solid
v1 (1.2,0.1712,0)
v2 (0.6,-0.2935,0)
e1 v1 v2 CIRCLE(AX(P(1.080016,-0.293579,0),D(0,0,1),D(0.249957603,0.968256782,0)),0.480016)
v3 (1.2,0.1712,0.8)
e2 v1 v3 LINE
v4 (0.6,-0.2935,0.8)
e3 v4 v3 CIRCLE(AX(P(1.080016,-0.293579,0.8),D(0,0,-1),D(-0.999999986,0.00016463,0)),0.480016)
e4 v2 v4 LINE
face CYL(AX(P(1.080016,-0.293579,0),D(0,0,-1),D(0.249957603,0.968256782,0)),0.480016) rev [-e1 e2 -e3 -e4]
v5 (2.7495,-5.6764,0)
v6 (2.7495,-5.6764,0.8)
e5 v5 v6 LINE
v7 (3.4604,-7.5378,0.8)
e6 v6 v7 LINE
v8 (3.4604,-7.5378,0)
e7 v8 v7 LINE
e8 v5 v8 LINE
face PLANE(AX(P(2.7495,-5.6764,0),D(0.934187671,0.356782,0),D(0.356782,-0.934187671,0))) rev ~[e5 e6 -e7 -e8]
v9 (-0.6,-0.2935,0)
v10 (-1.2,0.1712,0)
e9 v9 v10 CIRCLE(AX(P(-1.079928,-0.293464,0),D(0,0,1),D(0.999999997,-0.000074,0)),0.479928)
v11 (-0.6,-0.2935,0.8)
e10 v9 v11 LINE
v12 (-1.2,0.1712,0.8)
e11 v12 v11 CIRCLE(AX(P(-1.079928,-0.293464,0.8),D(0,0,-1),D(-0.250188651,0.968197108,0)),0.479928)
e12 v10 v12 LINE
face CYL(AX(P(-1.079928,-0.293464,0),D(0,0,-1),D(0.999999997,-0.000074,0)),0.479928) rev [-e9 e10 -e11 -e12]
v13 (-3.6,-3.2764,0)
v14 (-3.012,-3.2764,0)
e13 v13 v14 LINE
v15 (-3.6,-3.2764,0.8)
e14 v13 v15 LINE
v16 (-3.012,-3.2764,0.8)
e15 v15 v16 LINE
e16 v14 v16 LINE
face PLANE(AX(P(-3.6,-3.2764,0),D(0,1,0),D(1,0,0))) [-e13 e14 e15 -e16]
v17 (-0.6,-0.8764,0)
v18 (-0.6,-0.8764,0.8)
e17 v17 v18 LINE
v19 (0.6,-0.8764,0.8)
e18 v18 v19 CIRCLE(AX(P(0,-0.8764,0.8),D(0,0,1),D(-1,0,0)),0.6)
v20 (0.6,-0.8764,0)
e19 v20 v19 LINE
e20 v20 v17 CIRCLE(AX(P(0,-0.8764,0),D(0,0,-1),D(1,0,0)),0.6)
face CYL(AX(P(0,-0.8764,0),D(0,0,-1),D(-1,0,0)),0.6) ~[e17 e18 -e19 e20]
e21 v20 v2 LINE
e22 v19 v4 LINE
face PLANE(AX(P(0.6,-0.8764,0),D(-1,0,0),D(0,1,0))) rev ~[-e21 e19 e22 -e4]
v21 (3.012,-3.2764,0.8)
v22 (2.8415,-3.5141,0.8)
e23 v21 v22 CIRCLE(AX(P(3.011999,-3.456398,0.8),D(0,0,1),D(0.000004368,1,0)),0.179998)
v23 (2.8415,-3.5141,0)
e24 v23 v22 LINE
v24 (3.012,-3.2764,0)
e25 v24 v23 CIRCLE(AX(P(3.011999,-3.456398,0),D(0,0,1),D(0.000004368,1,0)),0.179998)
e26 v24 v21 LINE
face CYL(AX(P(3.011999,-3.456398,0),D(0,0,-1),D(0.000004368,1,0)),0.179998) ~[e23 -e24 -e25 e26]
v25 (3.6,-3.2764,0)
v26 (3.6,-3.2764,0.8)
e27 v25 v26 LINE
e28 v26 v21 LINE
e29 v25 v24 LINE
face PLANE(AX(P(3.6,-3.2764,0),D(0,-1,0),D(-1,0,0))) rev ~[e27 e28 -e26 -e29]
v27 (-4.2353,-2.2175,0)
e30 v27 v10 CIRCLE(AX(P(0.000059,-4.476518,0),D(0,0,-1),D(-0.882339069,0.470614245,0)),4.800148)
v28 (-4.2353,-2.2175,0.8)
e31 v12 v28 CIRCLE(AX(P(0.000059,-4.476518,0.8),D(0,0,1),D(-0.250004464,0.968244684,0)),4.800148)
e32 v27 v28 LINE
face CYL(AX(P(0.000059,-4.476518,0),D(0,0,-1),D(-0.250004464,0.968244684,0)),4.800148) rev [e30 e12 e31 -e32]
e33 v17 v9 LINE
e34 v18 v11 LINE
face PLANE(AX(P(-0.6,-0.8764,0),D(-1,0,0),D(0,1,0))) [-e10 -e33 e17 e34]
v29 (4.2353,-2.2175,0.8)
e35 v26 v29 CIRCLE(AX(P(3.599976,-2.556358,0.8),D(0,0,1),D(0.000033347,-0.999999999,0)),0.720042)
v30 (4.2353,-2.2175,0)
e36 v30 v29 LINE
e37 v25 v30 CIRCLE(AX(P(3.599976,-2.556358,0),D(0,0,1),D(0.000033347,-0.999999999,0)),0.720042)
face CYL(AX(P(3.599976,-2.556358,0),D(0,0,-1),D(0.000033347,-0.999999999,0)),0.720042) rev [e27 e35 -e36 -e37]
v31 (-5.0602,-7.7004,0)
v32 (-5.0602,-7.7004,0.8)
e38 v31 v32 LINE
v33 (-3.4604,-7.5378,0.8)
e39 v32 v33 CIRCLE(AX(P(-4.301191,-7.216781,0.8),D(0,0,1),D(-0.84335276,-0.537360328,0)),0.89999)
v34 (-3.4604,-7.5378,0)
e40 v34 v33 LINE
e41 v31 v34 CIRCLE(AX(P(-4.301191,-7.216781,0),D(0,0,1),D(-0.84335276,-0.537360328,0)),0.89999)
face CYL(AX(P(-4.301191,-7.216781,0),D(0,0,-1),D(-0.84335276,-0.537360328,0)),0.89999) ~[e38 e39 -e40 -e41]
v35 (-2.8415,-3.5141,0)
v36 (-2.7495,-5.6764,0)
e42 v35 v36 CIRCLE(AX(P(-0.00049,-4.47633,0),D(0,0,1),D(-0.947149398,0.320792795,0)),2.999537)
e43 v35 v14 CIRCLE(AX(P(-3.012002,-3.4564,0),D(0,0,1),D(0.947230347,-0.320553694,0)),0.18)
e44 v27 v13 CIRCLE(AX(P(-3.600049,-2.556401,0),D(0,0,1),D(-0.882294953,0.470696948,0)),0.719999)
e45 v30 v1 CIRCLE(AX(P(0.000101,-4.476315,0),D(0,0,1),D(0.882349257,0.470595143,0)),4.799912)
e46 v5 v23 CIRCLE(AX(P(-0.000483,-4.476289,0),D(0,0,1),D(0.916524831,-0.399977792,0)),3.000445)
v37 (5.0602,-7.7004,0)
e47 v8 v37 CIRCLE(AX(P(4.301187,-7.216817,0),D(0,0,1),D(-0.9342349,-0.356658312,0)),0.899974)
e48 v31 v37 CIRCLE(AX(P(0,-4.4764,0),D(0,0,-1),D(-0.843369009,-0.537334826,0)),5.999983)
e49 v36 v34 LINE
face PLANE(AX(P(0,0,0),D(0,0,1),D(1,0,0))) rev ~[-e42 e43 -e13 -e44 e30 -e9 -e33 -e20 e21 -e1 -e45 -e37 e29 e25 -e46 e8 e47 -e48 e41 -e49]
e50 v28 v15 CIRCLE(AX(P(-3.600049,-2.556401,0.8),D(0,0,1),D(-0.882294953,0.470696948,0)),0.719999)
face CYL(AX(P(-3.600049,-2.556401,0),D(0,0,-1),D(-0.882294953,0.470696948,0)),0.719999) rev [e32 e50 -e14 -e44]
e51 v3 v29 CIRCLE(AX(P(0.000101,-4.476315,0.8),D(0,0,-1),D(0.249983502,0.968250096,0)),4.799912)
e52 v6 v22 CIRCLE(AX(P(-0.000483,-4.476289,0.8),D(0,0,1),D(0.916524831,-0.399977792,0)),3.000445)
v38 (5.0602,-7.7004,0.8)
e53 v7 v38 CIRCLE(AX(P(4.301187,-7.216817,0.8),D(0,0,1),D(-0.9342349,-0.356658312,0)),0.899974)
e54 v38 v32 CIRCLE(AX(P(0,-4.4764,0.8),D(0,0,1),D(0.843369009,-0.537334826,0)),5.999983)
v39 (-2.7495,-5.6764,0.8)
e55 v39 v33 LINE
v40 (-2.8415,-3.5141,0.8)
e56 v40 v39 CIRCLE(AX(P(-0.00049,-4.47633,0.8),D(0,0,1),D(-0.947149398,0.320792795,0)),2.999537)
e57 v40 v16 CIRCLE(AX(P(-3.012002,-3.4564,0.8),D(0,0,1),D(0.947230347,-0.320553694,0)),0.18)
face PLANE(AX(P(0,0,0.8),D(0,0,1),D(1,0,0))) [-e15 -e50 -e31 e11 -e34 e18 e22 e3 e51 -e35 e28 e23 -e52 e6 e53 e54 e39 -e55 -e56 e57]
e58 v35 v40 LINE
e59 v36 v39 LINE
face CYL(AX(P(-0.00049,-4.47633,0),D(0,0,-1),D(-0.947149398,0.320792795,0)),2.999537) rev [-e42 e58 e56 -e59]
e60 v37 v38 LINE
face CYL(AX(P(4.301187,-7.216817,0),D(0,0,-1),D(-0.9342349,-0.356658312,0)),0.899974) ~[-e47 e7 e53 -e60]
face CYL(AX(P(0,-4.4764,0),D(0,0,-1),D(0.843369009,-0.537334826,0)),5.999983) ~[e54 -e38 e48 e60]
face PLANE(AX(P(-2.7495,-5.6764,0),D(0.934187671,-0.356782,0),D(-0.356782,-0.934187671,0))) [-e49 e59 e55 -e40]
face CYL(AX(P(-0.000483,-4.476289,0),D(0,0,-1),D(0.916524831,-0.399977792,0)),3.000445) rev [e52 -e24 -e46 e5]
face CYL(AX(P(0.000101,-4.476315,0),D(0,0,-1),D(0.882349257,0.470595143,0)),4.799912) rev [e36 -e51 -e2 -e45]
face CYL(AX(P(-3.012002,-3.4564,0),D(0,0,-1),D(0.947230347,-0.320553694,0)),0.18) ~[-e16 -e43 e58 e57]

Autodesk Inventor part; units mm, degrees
ref_plane "YZ Plane" through (0, 0, 0) normal (1, 0, 0) x (0, 1, 0)
ref_plane "XZ Plane" through (0, 0, 0) normal (0, 1, 0) x (-1, 0, 0)
sketch "Esquisse1" plane through (0, 0, 0) normal (0, 0, 1) x (1, 0, 0)
  circle A0 centre (0, -4.4764) radius 4.5 construction
  line L0 (-0.6, 0.0236) -> (0, 0.0236) construction
  line L1 (-3.206, 0) -> (3.4858, 0) projected
  line L2 (-2.7495, -5.6764) -> (2.7495, -5.6764) construction
  arc A1 (-2.8415, -3.5141) -> (-2.7495, -5.6764) centre (0, -4.4764) ccw
  line L3 (0, 1.949) -> (0, -3.4788) projected
  arc A2 (-0.6, -0.8764) -> (0.6, -0.8764) centre (0, -0.8764) ccw
  arc A3 (5.0602, -7.7004) -> (-5.0602, -7.7004) centre (0, -4.4764) ccw
  line L4 (-3.6, -3.2764) -> (-3.012, -3.2764)
  line L5 (-0.6, -0.8764) -> (-0.6, -0.2935)
  arc A4 (-1.2, 0.1712) -> (-4.2353, -2.2175) centre (0, -4.4764) ccw
  arc A5 (-0.6, -0.2935) -> (-1.2, 0.1712) centre (-1.08, -0.2935) ccw
  arc A6 (-4.2353, -2.2175) -> (-3.6, -3.2764) centre (-3.6, -2.5564) ccw
  arc A7 (-2.8415, -3.5141) -> (-3.012, -3.2764) centre (-3.012, -3.4564) ccw
  line L6 (0, 1.5236) -> (2.5298, 1.5236) construction
  line L7 (-2.7495, -5.6764) -> (-3.4604, -7.5378)
  arc A8 (-5.0602, -7.7004) -> (-3.4604, -7.5378) centre (-4.3012, -7.2168) ccw
  line L8 (0, -1.4764) -> (-1.2778, -1.4764) construction
  line L9 (2.7495, -5.6764) -> (3.4604, -7.5378)
  arc A9 (3.4604, -7.5378) -> (5.0602, -7.7004) centre (4.3012, -7.2168) ccw
  arc A10 (2.7495, -5.6764) -> (2.8415, -3.5141) centre (0, -4.4764) ccw
  line L10 (3.6, -3.2764) -> (3.012, -3.2764)
  line L11 (0.6, -0.8764) -> (0.6, -0.2935)
  arc A11 (4.2353, -2.2175) -> (1.2, 0.1712) centre (0, -4.4764) ccw
  arc A12 (1.2, 0.1712) -> (0.6, -0.2935) centre (1.08, -0.2935) ccw
  arc A13 (3.6, -3.2764) -> (4.2353, -2.2175) centre (3.6, -2.5564) ccw
  arc A14 (3.012, -3.2764) -> (2.8415, -3.5141) centre (3.012, -3.4564) ccw
  point P0 (0.6, 0.0236)
  dimension "d0" = 9
  dimension "d3" = 1.2
  dimension "d4" = 0.6
  dimension "d5" = 12
  dimension "d8" = 4.8
  dimension "d9" = 1.2
  dimension "d10" = 0.48
  dimension "d11" = 0.72
  dimension "d12" = 0.18
  dimension "d13" = 0.9
  dimension "d14" = 3
  dimension "d15" = 3
extrude "Corps" add sketch "Esquisse1" along normal blind 0.8 contours A4 A6 L4 A7 A1 L7 A8 A3 L3 L1 A5 | L1 L3 A2 L5 A5 | L3 A3 A9 L9 A10 A14 L10 A13 A11 A12 L1 | L1 A12 L11 A2 L3
ref_plane "Work Plane1" through (0, -4.4764, 0) normal (-1, 0, 0) x (0, 0, 1)
equation "\"d0\" = WD"
equation "\"d3\" = 0.2 * NND"
equation "\"d4\" = 0.1 * NND"
equation "\"d5\" = SD2"
equation "\"d8\" = 0.8 * NND"
equation "\"d9\" = 0.2 * NND"
equation "\"d10\" = 0.08 * NND"
equation "\"d11\" = 0.12 * NND"
equation "\"d12\" = 0.03 * NND"
equation "\"d13\" = 0.15 * NND"
equation "\"d14\" = 0.5 * NND"
equation "\"d15\" = 0.5 * NND"
equation "\"d16\" = SD"
equation "\"ND\" = 6.05"
equation "\"SD\" = 0.8"
equation "\"WD\" = 9"
equation "\"d1\" = 1.6 * NND"
equation "\"d2\" = NND"
equation "\"SD2\" = 12"
equation "\"d6\" = NND"
equation "\"d7\" = 0.15 * NND"
equation "\"NND\" = 6"
equation "\"WDMIN\" = 7"
equation "\"SNB\" = 0.9"
equation "\"WDMAX\" = 9"
equation "\"BUBRMI\" = 1.2"
properties part number "JIS B 2804 E - 6" material "Acier, doux"
